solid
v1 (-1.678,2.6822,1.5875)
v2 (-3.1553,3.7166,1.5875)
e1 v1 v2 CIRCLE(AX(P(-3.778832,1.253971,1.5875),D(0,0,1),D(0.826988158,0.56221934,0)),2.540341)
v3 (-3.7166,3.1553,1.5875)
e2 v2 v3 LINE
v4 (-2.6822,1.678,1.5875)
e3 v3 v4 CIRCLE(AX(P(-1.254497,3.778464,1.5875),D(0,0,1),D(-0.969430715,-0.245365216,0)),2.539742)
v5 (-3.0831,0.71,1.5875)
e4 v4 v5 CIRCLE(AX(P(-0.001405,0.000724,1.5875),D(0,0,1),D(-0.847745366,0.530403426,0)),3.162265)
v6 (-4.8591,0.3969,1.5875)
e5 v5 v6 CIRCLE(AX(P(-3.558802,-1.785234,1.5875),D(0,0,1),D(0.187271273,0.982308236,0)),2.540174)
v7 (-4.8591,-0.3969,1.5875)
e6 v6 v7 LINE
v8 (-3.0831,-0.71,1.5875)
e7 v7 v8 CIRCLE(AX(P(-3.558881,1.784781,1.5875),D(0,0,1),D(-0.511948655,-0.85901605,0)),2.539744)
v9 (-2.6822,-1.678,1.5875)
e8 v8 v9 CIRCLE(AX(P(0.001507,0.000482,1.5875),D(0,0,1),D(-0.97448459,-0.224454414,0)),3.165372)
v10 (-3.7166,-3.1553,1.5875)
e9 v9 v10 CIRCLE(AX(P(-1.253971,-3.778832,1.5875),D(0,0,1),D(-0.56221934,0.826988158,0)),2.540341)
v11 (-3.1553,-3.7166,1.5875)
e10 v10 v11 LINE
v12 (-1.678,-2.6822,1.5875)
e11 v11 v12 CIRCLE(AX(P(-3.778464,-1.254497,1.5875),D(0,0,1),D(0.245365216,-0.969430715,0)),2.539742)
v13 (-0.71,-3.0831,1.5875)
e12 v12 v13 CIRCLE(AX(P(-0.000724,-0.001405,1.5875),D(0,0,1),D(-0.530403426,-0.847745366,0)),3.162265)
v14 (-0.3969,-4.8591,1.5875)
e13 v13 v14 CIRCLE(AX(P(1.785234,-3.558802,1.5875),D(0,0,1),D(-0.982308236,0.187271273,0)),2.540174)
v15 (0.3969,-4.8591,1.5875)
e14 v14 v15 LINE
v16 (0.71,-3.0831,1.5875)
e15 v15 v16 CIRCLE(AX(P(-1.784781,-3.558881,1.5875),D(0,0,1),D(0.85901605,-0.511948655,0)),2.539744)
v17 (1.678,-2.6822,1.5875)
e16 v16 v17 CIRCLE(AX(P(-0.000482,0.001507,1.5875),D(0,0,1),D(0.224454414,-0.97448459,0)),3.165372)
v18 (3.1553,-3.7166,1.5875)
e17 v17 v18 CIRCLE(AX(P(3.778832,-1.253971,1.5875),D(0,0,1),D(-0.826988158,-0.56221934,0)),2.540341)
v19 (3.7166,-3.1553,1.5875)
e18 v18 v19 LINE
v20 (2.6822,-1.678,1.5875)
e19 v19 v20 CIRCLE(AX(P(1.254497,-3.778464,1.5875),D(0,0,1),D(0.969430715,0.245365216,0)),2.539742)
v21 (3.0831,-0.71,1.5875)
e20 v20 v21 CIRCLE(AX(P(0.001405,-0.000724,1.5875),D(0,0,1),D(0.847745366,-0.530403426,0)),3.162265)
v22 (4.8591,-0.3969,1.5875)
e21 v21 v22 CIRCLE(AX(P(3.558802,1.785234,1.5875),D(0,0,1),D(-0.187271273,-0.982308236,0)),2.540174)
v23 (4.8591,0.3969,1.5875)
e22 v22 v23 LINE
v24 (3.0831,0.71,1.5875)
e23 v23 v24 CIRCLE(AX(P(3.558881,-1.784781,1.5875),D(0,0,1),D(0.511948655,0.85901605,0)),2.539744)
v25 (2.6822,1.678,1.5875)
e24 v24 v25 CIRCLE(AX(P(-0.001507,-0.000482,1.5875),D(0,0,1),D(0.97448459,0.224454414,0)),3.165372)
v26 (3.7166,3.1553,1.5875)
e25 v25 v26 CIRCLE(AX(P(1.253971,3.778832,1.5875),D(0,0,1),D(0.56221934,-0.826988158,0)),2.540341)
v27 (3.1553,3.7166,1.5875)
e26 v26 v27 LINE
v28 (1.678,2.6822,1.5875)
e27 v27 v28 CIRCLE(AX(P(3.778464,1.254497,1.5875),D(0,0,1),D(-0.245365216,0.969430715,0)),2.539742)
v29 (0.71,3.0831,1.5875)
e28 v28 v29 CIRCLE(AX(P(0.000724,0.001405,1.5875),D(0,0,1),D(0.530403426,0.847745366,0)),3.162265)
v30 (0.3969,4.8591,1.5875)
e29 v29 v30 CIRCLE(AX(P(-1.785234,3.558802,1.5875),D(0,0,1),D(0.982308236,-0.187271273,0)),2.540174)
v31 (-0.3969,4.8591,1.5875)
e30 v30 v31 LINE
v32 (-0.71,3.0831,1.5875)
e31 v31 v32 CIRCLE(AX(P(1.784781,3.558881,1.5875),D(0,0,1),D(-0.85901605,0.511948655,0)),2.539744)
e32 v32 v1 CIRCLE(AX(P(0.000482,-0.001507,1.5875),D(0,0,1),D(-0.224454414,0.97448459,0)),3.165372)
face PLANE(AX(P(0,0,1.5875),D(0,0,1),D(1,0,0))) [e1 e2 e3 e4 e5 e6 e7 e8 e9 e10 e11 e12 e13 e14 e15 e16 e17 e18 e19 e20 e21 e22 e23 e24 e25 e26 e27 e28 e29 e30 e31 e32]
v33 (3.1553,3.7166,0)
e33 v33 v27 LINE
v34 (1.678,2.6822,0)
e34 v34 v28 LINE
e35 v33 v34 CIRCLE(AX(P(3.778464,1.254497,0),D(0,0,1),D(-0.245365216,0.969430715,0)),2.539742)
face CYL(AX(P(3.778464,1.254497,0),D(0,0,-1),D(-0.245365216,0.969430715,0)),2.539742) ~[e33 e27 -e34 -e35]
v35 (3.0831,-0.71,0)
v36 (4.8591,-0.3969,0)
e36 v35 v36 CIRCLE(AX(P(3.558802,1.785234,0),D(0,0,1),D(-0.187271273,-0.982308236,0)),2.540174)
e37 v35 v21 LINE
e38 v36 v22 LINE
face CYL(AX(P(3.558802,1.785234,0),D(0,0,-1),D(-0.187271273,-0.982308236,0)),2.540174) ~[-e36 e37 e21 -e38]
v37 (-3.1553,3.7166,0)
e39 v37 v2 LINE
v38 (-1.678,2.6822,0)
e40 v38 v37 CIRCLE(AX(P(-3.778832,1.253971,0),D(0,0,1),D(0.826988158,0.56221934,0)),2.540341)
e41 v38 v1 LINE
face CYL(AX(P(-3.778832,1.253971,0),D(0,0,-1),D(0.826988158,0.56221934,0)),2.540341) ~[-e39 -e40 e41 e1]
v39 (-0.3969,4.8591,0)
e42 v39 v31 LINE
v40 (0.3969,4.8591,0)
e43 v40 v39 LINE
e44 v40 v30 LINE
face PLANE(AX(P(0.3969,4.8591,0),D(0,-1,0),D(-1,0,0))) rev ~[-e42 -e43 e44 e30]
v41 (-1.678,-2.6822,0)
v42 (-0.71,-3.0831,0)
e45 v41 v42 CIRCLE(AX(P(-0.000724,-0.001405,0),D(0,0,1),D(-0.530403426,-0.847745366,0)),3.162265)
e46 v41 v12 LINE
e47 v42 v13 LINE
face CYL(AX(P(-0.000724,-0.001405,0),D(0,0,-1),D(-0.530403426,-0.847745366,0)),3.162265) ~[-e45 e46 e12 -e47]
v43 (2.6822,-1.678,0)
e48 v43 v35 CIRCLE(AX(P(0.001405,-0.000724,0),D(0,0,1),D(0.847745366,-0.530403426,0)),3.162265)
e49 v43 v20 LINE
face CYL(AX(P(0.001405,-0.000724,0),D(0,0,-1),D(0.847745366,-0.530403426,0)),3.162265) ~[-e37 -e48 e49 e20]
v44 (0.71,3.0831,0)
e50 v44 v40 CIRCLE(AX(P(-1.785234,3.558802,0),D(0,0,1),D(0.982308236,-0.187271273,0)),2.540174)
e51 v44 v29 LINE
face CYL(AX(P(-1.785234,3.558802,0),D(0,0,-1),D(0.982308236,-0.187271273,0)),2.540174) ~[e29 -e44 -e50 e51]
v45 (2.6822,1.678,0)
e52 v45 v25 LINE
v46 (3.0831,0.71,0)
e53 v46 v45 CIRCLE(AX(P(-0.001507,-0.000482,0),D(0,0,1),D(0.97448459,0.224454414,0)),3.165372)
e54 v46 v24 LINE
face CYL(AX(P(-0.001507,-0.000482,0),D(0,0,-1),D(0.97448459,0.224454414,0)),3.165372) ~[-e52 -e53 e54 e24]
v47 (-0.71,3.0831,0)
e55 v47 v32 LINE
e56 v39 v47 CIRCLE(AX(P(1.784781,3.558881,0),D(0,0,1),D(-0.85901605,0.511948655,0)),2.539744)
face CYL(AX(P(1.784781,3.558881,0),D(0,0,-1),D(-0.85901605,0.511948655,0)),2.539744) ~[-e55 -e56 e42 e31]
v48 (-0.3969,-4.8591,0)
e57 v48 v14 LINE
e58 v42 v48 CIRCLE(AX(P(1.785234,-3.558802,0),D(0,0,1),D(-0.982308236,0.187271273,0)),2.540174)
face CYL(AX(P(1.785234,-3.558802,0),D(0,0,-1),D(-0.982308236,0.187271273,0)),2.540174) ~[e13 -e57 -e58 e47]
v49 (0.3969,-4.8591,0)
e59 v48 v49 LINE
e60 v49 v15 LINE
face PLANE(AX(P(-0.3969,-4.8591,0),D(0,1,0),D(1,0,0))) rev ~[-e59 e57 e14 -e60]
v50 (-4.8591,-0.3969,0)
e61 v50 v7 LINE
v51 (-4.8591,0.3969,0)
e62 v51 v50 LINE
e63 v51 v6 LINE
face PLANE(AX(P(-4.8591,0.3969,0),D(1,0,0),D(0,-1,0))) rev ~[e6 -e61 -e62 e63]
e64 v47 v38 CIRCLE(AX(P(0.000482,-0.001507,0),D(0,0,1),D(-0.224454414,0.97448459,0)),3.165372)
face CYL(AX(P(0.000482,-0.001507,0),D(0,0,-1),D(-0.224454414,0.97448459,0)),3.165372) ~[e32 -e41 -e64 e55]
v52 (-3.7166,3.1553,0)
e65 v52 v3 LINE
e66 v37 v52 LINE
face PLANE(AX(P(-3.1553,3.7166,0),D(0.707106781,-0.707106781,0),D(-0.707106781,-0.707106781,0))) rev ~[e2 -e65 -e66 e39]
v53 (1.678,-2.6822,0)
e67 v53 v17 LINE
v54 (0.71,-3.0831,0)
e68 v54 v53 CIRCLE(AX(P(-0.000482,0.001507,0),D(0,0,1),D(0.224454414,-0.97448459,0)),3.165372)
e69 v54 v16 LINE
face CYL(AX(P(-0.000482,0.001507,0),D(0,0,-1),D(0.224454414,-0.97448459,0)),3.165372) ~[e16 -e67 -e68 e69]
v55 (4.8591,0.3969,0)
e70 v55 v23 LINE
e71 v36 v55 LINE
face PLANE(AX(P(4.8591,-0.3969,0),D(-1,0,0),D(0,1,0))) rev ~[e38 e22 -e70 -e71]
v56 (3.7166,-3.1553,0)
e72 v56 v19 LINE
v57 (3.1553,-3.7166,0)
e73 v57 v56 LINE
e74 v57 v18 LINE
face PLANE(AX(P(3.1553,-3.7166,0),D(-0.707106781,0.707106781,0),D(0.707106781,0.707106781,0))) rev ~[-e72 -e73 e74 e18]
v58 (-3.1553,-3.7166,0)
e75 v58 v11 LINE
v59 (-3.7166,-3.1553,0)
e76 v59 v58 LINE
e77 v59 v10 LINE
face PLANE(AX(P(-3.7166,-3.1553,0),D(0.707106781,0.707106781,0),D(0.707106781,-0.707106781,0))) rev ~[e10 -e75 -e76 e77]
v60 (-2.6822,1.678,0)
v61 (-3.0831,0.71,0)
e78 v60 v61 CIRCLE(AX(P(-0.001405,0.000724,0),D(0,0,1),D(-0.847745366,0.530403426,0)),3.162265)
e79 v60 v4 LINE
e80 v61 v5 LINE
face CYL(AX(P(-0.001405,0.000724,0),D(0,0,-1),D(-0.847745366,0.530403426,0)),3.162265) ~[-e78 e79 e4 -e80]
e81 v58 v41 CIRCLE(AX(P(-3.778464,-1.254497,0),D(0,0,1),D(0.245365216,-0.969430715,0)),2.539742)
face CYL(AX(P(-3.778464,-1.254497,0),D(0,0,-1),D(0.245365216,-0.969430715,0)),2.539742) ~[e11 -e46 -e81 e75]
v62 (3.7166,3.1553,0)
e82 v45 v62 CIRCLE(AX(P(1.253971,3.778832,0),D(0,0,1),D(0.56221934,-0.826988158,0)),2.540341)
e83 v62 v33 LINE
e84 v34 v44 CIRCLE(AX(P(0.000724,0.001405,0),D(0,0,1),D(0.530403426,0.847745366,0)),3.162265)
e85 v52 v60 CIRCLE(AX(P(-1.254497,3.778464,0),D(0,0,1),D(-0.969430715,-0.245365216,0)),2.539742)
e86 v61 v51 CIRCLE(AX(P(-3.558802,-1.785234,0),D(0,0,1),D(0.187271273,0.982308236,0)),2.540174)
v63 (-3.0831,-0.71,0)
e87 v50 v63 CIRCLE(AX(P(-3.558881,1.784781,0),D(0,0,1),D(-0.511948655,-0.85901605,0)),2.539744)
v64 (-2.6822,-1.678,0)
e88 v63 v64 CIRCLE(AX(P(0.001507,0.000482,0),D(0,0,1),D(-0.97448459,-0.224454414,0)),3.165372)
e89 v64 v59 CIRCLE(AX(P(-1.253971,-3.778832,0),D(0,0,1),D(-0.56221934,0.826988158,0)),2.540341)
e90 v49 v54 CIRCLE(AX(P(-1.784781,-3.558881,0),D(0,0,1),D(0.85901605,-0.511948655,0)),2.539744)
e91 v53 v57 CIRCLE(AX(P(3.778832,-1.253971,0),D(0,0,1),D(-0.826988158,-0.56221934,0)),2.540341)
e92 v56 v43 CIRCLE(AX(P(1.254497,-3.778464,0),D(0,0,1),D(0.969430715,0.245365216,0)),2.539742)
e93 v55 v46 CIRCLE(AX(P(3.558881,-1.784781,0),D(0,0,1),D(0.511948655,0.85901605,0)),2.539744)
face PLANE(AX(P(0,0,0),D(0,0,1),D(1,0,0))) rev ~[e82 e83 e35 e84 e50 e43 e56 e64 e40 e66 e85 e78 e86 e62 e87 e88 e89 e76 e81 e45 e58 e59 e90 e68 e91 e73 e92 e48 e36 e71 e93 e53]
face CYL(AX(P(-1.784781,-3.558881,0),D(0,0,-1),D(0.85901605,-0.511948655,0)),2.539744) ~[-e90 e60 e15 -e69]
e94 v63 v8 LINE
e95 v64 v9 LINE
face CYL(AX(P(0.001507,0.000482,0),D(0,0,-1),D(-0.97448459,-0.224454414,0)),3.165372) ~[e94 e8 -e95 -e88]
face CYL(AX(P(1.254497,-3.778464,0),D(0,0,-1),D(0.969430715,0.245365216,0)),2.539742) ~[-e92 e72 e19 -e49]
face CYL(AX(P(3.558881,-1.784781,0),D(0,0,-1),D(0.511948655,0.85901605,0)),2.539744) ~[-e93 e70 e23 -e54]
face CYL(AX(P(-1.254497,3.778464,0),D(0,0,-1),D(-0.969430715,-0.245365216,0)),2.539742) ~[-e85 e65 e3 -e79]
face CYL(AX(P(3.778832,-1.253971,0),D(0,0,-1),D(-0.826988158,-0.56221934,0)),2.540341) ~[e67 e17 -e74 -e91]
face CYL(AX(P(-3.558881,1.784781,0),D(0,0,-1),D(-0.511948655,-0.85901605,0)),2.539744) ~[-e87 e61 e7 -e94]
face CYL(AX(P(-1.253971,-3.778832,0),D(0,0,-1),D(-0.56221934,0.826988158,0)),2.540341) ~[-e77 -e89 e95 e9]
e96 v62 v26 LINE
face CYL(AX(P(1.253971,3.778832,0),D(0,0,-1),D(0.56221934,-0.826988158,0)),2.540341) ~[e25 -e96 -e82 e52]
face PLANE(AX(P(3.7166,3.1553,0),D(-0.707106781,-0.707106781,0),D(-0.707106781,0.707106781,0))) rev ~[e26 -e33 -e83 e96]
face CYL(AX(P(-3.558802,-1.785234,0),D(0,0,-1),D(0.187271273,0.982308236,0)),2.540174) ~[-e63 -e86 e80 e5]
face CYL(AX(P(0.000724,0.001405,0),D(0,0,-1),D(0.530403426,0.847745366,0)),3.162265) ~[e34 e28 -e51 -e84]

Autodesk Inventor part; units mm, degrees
ref_plane "YZ Plane" through (0, 0, 0) normal (1, 0, 0) x (0, 1, 0)
ref_plane "XZ Plane" through (0, 0, 0) normal (0, 1, 0) x (-1, 0, 0)
ref_plane "XY Plane" through (0, 0, 0) normal (0, 0, 1) x (1, 0, 0)
sketch "Sketch2" plane through (0, 0, 0) normal (0, 0, 1) x (1, 0, 0)
  line L0 (0, 0) -> (0, 8.357) construction
  line L1 (0, 0) -> (2.8603, 0) construction
  arc A0 (-0.3969, 4.8591) -> (-0.71, 3.0831) centre (1.785, 3.5588) ccw
  arc A1 (0.71, 3.0831) -> (0.3969, 4.8591) centre (-1.785, 3.5588) ccw
  line L2 (0.3969, 4.8591) -> (-0.3969, 4.8591)
  line L3 (-0.71, 3.0831) -> (0.71, 3.0831) construction
  arc A2 (0.71, 3.0831) -> (0.3969, 4.8591) centre (-1.785, 3.5588) ccw
  line L4 (0.3969, 4.8591) -> (-0.3969, 4.8591)
  arc A3 (-0.3969, 4.8591) -> (-0.71, 3.0831) centre (1.785, 3.5588) ccw
  line L5 (0.3969, 4.8591) -> (0.71, 3.0831) construction
  arc A4 (-1.678, 2.6822) -> (-3.1553, 3.7166) centre (-3.7786, 1.2542) ccw
  line L6 (-3.1553, 3.7166) -> (-3.7166, 3.1553)
  arc A5 (-3.7166, 3.1553) -> (-2.6822, 1.678) centre (-1.2542, 3.7786) ccw
  arc A6 (-3.0831, 0.71) -> (-4.8591, 0.3969) centre (-3.5588, -1.785) ccw
  line L7 (-4.8591, 0.3969) -> (-4.8591, -0.3969)
  arc A7 (-4.8591, -0.3969) -> (-3.0831, -0.71) centre (-3.5588, 1.785) ccw
  arc A8 (-2.6822, -1.678) -> (-3.7166, -3.1553) centre (-1.2542, -3.7786) ccw
  line L8 (-3.7166, -3.1553) -> (-3.1553, -3.7166)
  arc A9 (-3.1553, -3.7166) -> (-1.678, -2.6822) centre (-3.7786, -1.2542) ccw
  arc A10 (-0.71, -3.0831) -> (-0.3969, -4.8591) centre (1.785, -3.5588) ccw
  line L9 (-0.3969, -4.8591) -> (0.3969, -4.8591)
  arc A11 (0.3969, -4.8591) -> (0.71, -3.0831) centre (-1.785, -3.5588) ccw
  arc A12 (1.678, -2.6822) -> (3.1553, -3.7166) centre (3.7786, -1.2542) ccw
  line L10 (3.1553, -3.7166) -> (3.7166, -3.1553)
  arc A13 (3.7166, -3.1553) -> (2.6822, -1.678) centre (1.2542, -3.7786) ccw
  arc A14 (3.0831, -0.71) -> (4.8591, -0.3969) centre (3.5588, 1.785) ccw
  line L11 (4.8591, -0.3969) -> (4.8591, 0.3969)
  arc A15 (4.8591, 0.3969) -> (3.0831, 0.71) centre (3.5588, -1.785) ccw
  arc A16 (2.6822, 1.678) -> (3.7166, 3.1553) centre (1.2542, 3.7786) ccw
  line L12 (3.7166, 3.1553) -> (3.1553, 3.7166)
  arc A17 (3.1553, 3.7166) -> (1.678, 2.6822) centre (3.7786, 1.2542) ccw
  line L13 (-1.678, 2.6822) -> (-0.71, 3.0831) construction
  arc A18 (-0.71, 3.0831) -> (-1.678, 2.6822) centre (0, 0) ccw
  arc A19 (1.678, 2.6822) -> (0.71, 3.0831) centre (0, 0) ccw
  arc A20 (3.0831, 0.71) -> (2.6822, 1.678) centre (0, 0) ccw
  arc A21 (2.6822, -1.678) -> (3.0831, -0.71) centre (0, 0) ccw
  arc A22 (0.71, -3.0831) -> (1.678, -2.6822) centre (0, 0) ccw
  arc A23 (-1.678, -2.6822) -> (-0.71, -3.0831) centre (0, 0) ccw
  arc A24 (-2.6822, 1.678) -> (-3.0831, 0.71) centre (0, 0) ccw
  arc A25 (-3.0831, -0.71) -> (-2.6822, -1.678) centre (0, 0) ccw
  point P0 (0, 4.8591)
  point P1 (-3.4359, 3.4359)
  point P2 (-4.8591, 0)
  point P3 (-3.4359, -3.4359)
  point P4 (0, -4.8591)
  point P5 (3.4359, -3.4359)
  point P6 (4.8591, 0)
  point P7 (3.4359, 3.4359)
  dimension "d11" = 0.7937
  dimension "d13" = 2.54
  dimension "d14" = 80
  dimension "d15" = 1.8034
  dimension "d18" = 360
  dimension "d20" = 1.0477
extrude "Extrusion2" add sketch "Sketch2" along normal blind 1.5875
properties part number "Planet"
